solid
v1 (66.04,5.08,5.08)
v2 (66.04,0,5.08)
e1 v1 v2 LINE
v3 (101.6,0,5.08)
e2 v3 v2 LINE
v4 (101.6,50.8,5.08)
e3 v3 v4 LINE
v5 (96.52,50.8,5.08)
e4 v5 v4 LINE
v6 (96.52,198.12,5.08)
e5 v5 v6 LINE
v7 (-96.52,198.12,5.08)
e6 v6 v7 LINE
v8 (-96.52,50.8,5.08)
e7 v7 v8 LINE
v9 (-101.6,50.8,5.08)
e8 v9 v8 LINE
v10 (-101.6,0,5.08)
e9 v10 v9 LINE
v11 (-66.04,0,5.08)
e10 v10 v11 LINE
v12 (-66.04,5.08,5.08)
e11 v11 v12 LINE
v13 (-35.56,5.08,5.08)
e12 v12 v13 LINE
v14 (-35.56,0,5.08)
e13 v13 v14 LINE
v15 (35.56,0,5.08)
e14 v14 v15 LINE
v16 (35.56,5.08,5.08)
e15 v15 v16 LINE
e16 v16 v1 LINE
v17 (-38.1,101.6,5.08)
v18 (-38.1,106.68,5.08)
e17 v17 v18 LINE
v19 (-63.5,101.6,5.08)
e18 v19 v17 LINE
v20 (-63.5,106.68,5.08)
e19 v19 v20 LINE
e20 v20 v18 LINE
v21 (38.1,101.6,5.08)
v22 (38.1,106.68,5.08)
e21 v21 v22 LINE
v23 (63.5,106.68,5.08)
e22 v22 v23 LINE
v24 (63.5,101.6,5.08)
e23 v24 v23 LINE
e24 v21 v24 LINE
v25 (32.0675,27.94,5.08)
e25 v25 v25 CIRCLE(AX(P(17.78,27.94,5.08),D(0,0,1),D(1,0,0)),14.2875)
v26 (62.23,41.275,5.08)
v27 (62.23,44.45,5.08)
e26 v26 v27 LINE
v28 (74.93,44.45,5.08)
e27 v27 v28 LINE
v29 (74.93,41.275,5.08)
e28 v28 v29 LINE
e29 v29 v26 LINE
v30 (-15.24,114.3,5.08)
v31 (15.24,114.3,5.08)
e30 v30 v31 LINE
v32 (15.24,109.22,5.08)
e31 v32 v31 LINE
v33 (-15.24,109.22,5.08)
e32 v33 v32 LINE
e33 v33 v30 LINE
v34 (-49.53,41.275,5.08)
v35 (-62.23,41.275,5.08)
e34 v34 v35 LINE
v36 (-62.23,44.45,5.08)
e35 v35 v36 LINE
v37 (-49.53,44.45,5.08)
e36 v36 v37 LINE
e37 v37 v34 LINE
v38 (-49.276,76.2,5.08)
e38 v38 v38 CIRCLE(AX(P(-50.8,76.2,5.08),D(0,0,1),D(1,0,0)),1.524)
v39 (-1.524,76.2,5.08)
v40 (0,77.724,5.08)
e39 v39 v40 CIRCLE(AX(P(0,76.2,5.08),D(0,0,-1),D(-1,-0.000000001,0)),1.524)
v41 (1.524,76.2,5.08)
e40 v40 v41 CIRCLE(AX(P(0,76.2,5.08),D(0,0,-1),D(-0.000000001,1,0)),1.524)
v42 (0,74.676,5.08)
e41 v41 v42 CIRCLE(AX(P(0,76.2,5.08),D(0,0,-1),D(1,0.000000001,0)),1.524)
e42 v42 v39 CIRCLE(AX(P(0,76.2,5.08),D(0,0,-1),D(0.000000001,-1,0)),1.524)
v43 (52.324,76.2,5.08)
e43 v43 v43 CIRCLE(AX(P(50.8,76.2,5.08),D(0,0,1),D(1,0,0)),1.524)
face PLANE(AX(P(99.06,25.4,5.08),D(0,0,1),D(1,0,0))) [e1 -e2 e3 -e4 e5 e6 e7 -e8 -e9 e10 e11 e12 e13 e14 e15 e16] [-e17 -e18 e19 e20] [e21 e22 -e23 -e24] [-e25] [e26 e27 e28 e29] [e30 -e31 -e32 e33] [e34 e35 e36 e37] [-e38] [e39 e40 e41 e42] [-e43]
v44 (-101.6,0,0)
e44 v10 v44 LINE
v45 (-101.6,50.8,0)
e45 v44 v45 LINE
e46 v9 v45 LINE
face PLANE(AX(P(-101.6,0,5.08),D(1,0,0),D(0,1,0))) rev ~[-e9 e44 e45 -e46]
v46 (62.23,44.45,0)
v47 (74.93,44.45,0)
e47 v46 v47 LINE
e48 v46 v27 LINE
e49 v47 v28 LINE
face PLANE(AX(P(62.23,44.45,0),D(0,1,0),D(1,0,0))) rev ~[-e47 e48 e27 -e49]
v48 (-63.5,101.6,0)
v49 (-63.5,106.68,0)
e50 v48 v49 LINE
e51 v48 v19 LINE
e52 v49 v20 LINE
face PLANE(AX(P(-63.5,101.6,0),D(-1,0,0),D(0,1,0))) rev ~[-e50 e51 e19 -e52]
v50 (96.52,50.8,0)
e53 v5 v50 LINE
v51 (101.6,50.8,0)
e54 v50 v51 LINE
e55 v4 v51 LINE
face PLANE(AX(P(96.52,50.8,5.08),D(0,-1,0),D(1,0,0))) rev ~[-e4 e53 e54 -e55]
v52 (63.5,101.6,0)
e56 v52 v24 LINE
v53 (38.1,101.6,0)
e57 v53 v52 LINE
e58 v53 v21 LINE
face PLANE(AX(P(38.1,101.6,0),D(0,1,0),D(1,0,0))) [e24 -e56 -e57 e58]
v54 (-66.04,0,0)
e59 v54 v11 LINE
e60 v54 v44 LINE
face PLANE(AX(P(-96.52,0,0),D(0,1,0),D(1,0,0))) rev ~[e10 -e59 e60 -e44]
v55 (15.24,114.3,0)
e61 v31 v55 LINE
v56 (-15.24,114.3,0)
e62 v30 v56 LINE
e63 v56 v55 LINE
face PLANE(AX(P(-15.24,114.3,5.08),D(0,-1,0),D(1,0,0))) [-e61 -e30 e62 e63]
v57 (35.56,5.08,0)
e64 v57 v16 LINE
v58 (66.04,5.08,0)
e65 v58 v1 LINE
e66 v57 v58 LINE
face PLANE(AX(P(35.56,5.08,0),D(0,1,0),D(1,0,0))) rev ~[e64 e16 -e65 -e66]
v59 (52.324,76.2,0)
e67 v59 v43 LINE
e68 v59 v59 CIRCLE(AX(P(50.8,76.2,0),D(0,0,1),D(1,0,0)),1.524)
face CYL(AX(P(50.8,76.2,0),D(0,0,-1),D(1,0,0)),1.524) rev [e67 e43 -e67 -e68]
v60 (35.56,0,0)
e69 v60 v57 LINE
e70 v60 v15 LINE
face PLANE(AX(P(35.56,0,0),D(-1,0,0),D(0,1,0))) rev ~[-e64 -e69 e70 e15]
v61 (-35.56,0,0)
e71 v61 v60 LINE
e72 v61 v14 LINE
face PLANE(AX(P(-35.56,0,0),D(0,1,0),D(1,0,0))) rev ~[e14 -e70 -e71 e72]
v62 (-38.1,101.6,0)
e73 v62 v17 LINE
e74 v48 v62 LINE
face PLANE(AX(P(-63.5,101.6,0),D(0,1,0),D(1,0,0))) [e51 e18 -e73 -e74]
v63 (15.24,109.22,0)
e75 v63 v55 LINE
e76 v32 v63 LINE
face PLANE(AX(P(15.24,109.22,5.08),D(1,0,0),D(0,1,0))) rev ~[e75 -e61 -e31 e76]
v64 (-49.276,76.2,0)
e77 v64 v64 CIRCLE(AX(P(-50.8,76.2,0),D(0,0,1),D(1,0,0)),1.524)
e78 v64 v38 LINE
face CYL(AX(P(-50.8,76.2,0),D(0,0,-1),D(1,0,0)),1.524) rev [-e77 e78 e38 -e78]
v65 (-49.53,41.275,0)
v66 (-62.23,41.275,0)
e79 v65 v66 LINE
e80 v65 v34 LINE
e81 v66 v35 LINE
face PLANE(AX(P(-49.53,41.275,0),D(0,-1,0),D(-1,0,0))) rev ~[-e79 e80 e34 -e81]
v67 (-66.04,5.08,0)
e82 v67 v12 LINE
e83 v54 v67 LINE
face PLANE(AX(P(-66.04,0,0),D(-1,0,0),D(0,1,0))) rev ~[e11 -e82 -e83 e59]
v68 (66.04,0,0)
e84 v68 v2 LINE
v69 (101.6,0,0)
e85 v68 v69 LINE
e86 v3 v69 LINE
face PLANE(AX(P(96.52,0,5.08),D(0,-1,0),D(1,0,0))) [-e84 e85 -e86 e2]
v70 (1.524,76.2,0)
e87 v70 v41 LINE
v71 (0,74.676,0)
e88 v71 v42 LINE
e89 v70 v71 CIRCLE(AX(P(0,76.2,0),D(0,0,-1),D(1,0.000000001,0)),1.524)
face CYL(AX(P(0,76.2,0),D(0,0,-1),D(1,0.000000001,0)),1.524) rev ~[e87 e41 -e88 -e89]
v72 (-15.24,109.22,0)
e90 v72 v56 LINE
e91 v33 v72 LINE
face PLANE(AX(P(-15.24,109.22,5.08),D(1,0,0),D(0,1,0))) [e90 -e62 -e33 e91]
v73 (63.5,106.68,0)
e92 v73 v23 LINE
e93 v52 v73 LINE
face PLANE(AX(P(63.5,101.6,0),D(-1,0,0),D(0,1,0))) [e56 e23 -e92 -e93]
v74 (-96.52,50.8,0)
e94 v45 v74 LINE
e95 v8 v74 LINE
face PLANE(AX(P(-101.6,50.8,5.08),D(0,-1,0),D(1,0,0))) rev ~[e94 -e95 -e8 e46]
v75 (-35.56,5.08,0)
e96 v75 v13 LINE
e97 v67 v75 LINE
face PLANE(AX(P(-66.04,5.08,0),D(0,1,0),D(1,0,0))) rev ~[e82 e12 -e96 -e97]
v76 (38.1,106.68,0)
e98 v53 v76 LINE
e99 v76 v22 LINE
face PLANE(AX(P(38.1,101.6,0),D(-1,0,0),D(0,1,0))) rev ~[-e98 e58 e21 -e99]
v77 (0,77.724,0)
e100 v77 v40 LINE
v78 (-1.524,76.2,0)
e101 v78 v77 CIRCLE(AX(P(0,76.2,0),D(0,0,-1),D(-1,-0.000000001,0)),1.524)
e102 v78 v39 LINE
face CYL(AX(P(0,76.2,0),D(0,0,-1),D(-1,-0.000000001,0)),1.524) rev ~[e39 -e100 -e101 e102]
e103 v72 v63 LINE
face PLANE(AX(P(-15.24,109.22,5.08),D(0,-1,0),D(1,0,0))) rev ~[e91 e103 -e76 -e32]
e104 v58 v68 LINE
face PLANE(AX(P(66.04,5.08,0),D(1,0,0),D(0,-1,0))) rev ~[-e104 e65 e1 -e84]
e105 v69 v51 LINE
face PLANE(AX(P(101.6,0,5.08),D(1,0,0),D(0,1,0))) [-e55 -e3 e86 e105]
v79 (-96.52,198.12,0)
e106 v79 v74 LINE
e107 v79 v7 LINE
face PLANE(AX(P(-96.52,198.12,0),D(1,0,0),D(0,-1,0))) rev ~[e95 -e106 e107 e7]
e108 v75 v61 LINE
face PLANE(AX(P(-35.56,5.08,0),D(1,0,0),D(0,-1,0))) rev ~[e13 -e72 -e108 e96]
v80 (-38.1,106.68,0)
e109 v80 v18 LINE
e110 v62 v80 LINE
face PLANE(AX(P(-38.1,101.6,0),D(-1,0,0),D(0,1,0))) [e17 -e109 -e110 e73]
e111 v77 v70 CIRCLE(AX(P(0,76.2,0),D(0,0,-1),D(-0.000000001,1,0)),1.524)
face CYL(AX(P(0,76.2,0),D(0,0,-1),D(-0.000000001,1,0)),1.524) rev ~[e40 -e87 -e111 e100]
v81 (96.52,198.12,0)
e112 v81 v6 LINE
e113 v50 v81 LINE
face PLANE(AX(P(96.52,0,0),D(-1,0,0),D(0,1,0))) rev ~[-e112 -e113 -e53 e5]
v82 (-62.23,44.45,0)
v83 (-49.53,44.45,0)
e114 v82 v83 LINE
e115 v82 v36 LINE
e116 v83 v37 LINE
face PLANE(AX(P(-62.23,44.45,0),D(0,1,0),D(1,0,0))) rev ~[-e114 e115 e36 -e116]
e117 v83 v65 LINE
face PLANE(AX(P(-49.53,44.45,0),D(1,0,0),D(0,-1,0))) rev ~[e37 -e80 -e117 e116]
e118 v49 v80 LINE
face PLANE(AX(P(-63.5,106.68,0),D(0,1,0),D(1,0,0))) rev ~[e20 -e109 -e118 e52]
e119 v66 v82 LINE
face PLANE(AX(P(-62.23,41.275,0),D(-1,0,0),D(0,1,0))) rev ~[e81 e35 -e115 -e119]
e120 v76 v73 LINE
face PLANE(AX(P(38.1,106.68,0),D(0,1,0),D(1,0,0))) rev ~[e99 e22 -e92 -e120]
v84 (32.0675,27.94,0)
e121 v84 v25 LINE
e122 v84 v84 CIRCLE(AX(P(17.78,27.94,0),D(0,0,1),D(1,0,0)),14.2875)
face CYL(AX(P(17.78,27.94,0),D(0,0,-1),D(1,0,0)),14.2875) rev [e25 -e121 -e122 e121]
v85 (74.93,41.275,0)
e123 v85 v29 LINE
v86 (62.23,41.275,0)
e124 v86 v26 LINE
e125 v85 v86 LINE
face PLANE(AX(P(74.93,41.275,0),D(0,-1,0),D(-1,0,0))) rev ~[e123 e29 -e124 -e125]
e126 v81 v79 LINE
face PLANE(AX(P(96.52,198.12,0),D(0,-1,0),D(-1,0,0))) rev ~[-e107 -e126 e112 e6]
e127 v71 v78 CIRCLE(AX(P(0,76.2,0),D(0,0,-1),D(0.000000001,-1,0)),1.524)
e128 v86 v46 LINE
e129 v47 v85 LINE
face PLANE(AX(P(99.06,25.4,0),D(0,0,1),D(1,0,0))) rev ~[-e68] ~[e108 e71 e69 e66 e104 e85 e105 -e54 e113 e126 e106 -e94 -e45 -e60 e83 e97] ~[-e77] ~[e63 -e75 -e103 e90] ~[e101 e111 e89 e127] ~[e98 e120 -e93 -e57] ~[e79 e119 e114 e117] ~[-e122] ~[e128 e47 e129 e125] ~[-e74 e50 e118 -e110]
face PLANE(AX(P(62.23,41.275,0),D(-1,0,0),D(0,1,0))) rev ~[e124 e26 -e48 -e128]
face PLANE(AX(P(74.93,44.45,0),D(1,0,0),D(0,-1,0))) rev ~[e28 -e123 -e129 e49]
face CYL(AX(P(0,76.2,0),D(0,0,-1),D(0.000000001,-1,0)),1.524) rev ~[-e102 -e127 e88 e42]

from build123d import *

# Parameters (mm, degrees)
SKETCH1_R           = 14.2875
SKETCH1_R_2         = 1.524
SKETCH1_W           = 25.4
SKETCH1_H           = 5.08
BOSS_EXTRUDE1_DEPTH = 5.08
SKETCH2_W           = 5.08
SKETCH2_H           = 50.8
BOSS_EXTRUDE2_DEPTH = 5.08
SKETCH3_W           = 30.48
SKETCH3_H           = 5.08
CUT_EXTRUDE1_DEPTH  = 5.08


with BuildPart() as part:
    # Sketch1 → Boss-Extrude1 (new body)
    with BuildSketch(Plane.XY):
        Polygon((96.52, 198.12), (-96.52, 198.12), (-96.52, 0), (-66.04, 0), (-66.04, 5.08), (-35.56, 5.08), (-35.56, 0), (35.56, 0), (35.56, 5.08), (66.04, 5.08), (66.04, 0), (96.52, 0), align=None)
        Polygon((-62.23, 44.45), (-55.88, 44.45), (-49.53, 44.45), (-49.53, 41.275), (-62.23, 41.275), align=None, mode=Mode.SUBTRACT)
        with Locations((17.78, 27.94)):
            Circle(SKETCH1_R, mode=Mode.SUBTRACT)
        Polygon((62.23, 44.45), (68.58, 44.45), (74.93, 44.45), (74.93, 41.275), (62.23, 41.275), align=None, mode=Mode.SUBTRACT)
        with Locations((-50.8, 76.2)):
            Circle(SKETCH1_R_2, mode=Mode.SUBTRACT)
        with BuildLine():
            ThreePointArc((0, 74.676), (-1.077630735, 75.122369265), (-1.524, 76.2))
            ThreePointArc((-1.524, 76.2), (-1.077630735, 77.277630735), (0, 77.724))
            ThreePointArc((0, 77.724), (1.077630735, 77.277630735), (1.524, 76.2))
            ThreePointArc((1.524, 76.2), (1.077630735, 75.122369265), (0, 74.676))
        make_face(mode=Mode.SUBTRACT)
        with Locations((-50.8, 104.14)):
            Rectangle(SKETCH1_W, SKETCH1_H, mode=Mode.SUBTRACT)
        with Locations((50.8, 76.2)):
            Circle(SKETCH1_R_2, mode=Mode.SUBTRACT)
        with Locations((50.8, 104.14)):
            Rectangle(SKETCH1_W, SKETCH1_H, mode=Mode.SUBTRACT)
    extrude(amount=BOSS_EXTRUDE1_DEPTH)

    # Sketch2 → Boss-Extrude2 (add)
    with BuildSketch(Plane.XY.offset(5.08)):
        with Locations((99.06, 25.4)):
            Rectangle(SKETCH2_W, SKETCH2_H)
        with Locations((-99.06, 25.4)):
            Rectangle(SKETCH2_W, SKETCH2_H)
    extrude(amount=-BOSS_EXTRUDE2_DEPTH)

    # Sketch3 → Cut-Extrude1 (cut)
    with BuildSketch(Plane.XY.offset(5.08)):
        with Locations((0, 111.76)):
            Rectangle(SKETCH3_W, SKETCH3_H)
    extrude(amount=-CUT_EXTRUDE1_DEPTH, mode=Mode.SUBTRACT)


solid = part.part
